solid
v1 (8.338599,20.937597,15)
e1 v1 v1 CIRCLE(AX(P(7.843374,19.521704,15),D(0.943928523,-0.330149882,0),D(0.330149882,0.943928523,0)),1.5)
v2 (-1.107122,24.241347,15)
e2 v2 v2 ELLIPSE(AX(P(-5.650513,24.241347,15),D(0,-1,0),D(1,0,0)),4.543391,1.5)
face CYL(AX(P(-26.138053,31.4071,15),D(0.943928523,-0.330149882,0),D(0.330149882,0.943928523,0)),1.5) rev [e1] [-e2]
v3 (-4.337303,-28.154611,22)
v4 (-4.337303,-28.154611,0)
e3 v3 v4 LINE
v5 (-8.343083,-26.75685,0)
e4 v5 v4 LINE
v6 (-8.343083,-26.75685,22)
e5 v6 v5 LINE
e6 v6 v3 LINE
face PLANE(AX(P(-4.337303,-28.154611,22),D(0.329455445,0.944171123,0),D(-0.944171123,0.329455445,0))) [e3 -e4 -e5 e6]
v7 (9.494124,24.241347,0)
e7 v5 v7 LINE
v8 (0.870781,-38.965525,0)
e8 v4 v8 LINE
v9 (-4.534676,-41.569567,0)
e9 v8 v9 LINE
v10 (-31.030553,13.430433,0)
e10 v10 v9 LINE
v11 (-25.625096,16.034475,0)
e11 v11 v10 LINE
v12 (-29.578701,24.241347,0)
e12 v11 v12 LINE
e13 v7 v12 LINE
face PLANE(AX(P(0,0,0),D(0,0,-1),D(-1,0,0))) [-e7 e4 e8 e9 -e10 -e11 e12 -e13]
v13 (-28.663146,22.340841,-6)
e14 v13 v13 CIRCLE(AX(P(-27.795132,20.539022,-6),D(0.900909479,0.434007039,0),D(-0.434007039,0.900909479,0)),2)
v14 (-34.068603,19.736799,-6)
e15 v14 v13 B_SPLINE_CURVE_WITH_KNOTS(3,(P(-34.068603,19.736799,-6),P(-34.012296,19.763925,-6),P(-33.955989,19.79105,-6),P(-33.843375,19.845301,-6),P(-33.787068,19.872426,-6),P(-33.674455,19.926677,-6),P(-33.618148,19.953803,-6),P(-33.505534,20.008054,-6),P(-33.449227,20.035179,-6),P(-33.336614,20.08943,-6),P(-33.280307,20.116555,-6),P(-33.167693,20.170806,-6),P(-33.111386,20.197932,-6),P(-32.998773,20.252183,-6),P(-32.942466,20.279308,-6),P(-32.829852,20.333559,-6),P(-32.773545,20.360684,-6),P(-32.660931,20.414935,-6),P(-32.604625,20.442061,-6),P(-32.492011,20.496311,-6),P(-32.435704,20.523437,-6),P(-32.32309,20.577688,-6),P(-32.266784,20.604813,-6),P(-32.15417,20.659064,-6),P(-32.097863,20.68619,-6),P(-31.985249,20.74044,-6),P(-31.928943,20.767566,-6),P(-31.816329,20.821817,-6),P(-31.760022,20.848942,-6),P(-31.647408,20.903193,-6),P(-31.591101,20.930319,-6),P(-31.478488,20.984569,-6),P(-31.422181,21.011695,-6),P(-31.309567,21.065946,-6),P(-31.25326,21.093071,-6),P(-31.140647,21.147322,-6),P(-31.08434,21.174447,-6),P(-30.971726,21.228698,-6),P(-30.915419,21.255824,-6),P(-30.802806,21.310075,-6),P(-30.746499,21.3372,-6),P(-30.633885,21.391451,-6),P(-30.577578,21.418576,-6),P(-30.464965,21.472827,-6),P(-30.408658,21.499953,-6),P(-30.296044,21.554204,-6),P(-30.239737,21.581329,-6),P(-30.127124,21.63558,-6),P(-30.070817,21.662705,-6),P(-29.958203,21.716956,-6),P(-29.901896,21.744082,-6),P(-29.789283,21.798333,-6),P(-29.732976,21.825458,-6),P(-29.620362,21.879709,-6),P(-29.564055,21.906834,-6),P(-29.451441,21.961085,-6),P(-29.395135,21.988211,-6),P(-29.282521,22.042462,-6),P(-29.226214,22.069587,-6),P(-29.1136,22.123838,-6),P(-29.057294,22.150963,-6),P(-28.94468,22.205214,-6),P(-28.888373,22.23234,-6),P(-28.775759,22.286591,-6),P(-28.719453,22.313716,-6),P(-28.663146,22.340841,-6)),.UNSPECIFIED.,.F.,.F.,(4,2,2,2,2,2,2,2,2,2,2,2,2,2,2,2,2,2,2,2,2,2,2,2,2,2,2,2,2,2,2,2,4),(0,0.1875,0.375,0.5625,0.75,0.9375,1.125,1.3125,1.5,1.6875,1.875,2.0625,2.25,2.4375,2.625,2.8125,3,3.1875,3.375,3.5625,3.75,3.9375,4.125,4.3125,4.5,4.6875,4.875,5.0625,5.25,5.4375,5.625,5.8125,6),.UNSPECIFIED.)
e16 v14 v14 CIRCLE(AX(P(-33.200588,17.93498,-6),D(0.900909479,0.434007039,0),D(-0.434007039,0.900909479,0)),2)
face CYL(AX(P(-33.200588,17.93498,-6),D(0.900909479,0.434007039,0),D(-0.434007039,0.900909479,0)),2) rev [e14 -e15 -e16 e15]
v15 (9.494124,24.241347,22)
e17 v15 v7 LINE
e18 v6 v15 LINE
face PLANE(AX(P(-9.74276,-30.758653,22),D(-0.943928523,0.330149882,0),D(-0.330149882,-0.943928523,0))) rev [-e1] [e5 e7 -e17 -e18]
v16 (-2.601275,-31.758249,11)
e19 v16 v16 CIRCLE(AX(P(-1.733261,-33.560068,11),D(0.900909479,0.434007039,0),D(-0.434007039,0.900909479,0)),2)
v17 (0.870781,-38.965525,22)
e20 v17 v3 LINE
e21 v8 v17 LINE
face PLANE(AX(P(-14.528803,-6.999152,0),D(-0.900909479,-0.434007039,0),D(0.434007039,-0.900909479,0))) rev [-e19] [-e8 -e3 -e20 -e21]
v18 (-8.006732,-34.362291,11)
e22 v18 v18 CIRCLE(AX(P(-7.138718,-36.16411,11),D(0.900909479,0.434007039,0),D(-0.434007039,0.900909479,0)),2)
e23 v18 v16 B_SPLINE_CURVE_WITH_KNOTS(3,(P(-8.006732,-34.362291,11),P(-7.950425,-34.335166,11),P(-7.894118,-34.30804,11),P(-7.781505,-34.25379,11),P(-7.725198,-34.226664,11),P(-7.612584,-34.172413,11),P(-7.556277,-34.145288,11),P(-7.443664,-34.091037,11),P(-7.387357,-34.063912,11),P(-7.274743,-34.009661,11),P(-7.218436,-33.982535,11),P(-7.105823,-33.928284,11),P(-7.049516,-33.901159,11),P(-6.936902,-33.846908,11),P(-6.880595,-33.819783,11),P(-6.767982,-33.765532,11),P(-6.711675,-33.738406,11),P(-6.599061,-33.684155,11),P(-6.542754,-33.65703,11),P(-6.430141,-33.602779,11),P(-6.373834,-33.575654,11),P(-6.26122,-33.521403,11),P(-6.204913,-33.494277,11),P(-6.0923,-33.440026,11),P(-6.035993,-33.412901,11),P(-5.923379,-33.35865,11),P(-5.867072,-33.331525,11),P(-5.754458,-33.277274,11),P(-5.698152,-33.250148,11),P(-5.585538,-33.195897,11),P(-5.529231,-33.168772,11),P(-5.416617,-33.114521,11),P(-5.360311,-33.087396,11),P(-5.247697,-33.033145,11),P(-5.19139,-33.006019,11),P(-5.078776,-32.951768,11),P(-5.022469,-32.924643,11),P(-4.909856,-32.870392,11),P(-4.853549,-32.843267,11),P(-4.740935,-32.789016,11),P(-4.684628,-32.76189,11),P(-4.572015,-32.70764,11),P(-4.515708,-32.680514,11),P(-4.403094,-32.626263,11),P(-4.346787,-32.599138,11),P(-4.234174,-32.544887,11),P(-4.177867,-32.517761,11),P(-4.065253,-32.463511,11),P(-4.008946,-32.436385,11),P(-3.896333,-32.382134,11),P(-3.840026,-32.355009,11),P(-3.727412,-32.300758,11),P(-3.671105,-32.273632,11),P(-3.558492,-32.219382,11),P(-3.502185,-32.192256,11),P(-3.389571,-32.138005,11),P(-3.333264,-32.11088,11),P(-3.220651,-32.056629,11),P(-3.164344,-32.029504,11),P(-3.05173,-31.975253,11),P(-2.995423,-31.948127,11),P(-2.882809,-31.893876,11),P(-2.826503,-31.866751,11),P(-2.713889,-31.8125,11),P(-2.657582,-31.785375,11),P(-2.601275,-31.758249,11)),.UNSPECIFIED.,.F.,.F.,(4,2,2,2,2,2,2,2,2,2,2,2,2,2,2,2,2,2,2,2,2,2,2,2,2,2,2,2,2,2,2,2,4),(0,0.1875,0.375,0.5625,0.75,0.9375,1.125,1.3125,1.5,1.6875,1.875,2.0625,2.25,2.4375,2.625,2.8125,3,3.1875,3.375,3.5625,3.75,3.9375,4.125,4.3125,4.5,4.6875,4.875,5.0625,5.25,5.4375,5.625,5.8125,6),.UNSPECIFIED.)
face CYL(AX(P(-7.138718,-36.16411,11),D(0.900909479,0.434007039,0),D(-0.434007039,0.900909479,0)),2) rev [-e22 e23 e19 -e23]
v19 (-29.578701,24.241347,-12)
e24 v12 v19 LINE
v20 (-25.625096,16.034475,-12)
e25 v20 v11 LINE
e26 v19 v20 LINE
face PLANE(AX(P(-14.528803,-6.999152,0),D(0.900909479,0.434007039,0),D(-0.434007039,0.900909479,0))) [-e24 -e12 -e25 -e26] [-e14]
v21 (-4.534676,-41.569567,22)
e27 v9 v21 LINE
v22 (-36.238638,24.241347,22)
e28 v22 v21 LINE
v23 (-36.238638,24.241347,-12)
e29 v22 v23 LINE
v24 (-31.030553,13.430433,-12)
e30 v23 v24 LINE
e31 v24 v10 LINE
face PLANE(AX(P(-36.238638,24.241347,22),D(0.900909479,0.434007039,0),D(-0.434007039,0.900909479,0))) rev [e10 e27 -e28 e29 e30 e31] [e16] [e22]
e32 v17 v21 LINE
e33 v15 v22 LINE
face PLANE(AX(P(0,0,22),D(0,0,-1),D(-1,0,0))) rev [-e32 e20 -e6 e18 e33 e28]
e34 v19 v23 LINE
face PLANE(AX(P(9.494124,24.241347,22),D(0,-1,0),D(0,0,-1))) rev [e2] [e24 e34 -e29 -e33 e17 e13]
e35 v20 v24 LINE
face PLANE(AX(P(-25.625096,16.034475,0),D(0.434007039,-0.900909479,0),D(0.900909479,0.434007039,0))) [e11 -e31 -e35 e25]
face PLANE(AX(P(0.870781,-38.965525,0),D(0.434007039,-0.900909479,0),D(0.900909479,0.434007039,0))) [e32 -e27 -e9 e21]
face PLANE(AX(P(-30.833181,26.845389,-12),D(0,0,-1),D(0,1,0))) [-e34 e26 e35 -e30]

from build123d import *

# Parameters (mm, degrees)
BOSS_EXTRUDE1_DEPTH = 22
SKETCH6_W           = 12
SKETCH6_H           = 12
SKETCH6_W_2         = 22
BOSS_EXTRUDE4_DEPTH = 6
BOSS_EXTRUDE5_DEPTH = 22
SKETCH9_R           = 2
CUT_EXTRUDE9_DEPTH  = 6
SKETCH10_R          = 1.5
CUT_EXTRUDE10_DEPTH = 36
CUT_EXTRUDE11_DEPTH = 36


with BuildPart() as part:
    # Sketch1 → Boss-Extrude1 (new body)
    with BuildSketch(Plane.XY):
        Polygon((-36.238637744, 24.241346543), (-9.742760301, -30.758653457), (9.494123696, 24.241346543), align=None)
    extrude(amount=BOSS_EXTRUDE1_DEPTH)

    # Sketch6 → Boss-Extrude4 (add)
    with BuildSketch(Plane(origin=(-19.934259386, -9.603194429, 0), x_dir=(0, 0, 1), z_dir=(-0.9009094793526655, -0.4340070391278342, 0))):
        with Locations((-6, 31.567082762)):
            Rectangle(SKETCH6_W, SKETCH6_H)
        with Locations((11, -29.48233592)):
            Rectangle(SKETCH6_W_2, SKETCH6_H)
    extrude(amount=-BOSS_EXTRUDE4_DEPTH)


with BuildPart() as boss_extrude4_piece_1:
    # of the separate pieces the step leaves, piece 1, a body of its own (boss_extrude4_pieces)
    add(part.part.solids().sort_by_distance((-36.238637744, 24.241346543, 0))[0])



with BuildPart() as boss_extrude4_piece_2:
    # of the separate pieces the step leaves, piece 2, a body of its own (boss_extrude4_pieces)
    add(part.part.solids().sort_by_distance((-4.337303425, -28.154611222, 0))[0])


with BuildPart() as boss_extrude4_piece_1_1:
    add(boss_extrude4_piece_1.part)

    add(boss_extrude4_piece_2.part)  # Boss-Extrude5 merges Boss-Extrude4 piece 2
    # Sketch8 → Boss-Extrude5 (add)
    with BuildSketch(Plane(origin=(0, 0, 0), x_dir=(-1, 0, 0), z_dir=(0, 0, -1))):
        Polygon((9.742760301, -30.758653457), (4.337303425, -28.154611222), (8.343083331, -26.756849768), align=None)
    extrude(amount=-BOSS_EXTRUDE5_DEPTH)

    # Sketch9 → Cut-Extrude9 (cut)
    with BuildSketch(Plane(origin=(-14.52880251, -6.999152194, 0), x_dir=(0, 0, -1), z_dir=(0.9009094793526653, 0.43400703912783434, 0))):
        with Locations(Location((6, 30.567082762, 0), (0, 0, 90))):
            Circle(SKETCH9_R)
        with Locations(Location((-11, -29.48233592, 0), (0, 0, 90))):
            Circle(SKETCH9_R)
    extrude(amount=-CUT_EXTRUDE9_DEPTH, mode=Mode.SUBTRACT)

    # Sketch10 → Cut-Extrude10 (cut)
    with BuildSketch(Plane(origin=(0.904752149, -0.316447493, 0), x_dir=(0, 0, -1), z_dir=(0.9439285225355003, -0.3301498816355197, 0))):
        with Locations(Location((-15, 21.016582241, 0), (0, 0, 90))):
            Circle(SKETCH10_R)
    extrude(amount=-CUT_EXTRUDE10_DEPTH, mode=Mode.SUBTRACT)

    # Sketch11 → Cut-Extrude11 (cut)
    with BuildSketch(Plane.XY):
        Polygon((-36.238637744, 24.241346543), (-29.578701161, 24.241346543), (-30.833180868, 26.845388778), align=None)
    extrude(amount=-CUT_EXTRUDE11_DEPTH, mode=Mode.SUBTRACT)


solid = boss_extrude4_piece_1_1.part
